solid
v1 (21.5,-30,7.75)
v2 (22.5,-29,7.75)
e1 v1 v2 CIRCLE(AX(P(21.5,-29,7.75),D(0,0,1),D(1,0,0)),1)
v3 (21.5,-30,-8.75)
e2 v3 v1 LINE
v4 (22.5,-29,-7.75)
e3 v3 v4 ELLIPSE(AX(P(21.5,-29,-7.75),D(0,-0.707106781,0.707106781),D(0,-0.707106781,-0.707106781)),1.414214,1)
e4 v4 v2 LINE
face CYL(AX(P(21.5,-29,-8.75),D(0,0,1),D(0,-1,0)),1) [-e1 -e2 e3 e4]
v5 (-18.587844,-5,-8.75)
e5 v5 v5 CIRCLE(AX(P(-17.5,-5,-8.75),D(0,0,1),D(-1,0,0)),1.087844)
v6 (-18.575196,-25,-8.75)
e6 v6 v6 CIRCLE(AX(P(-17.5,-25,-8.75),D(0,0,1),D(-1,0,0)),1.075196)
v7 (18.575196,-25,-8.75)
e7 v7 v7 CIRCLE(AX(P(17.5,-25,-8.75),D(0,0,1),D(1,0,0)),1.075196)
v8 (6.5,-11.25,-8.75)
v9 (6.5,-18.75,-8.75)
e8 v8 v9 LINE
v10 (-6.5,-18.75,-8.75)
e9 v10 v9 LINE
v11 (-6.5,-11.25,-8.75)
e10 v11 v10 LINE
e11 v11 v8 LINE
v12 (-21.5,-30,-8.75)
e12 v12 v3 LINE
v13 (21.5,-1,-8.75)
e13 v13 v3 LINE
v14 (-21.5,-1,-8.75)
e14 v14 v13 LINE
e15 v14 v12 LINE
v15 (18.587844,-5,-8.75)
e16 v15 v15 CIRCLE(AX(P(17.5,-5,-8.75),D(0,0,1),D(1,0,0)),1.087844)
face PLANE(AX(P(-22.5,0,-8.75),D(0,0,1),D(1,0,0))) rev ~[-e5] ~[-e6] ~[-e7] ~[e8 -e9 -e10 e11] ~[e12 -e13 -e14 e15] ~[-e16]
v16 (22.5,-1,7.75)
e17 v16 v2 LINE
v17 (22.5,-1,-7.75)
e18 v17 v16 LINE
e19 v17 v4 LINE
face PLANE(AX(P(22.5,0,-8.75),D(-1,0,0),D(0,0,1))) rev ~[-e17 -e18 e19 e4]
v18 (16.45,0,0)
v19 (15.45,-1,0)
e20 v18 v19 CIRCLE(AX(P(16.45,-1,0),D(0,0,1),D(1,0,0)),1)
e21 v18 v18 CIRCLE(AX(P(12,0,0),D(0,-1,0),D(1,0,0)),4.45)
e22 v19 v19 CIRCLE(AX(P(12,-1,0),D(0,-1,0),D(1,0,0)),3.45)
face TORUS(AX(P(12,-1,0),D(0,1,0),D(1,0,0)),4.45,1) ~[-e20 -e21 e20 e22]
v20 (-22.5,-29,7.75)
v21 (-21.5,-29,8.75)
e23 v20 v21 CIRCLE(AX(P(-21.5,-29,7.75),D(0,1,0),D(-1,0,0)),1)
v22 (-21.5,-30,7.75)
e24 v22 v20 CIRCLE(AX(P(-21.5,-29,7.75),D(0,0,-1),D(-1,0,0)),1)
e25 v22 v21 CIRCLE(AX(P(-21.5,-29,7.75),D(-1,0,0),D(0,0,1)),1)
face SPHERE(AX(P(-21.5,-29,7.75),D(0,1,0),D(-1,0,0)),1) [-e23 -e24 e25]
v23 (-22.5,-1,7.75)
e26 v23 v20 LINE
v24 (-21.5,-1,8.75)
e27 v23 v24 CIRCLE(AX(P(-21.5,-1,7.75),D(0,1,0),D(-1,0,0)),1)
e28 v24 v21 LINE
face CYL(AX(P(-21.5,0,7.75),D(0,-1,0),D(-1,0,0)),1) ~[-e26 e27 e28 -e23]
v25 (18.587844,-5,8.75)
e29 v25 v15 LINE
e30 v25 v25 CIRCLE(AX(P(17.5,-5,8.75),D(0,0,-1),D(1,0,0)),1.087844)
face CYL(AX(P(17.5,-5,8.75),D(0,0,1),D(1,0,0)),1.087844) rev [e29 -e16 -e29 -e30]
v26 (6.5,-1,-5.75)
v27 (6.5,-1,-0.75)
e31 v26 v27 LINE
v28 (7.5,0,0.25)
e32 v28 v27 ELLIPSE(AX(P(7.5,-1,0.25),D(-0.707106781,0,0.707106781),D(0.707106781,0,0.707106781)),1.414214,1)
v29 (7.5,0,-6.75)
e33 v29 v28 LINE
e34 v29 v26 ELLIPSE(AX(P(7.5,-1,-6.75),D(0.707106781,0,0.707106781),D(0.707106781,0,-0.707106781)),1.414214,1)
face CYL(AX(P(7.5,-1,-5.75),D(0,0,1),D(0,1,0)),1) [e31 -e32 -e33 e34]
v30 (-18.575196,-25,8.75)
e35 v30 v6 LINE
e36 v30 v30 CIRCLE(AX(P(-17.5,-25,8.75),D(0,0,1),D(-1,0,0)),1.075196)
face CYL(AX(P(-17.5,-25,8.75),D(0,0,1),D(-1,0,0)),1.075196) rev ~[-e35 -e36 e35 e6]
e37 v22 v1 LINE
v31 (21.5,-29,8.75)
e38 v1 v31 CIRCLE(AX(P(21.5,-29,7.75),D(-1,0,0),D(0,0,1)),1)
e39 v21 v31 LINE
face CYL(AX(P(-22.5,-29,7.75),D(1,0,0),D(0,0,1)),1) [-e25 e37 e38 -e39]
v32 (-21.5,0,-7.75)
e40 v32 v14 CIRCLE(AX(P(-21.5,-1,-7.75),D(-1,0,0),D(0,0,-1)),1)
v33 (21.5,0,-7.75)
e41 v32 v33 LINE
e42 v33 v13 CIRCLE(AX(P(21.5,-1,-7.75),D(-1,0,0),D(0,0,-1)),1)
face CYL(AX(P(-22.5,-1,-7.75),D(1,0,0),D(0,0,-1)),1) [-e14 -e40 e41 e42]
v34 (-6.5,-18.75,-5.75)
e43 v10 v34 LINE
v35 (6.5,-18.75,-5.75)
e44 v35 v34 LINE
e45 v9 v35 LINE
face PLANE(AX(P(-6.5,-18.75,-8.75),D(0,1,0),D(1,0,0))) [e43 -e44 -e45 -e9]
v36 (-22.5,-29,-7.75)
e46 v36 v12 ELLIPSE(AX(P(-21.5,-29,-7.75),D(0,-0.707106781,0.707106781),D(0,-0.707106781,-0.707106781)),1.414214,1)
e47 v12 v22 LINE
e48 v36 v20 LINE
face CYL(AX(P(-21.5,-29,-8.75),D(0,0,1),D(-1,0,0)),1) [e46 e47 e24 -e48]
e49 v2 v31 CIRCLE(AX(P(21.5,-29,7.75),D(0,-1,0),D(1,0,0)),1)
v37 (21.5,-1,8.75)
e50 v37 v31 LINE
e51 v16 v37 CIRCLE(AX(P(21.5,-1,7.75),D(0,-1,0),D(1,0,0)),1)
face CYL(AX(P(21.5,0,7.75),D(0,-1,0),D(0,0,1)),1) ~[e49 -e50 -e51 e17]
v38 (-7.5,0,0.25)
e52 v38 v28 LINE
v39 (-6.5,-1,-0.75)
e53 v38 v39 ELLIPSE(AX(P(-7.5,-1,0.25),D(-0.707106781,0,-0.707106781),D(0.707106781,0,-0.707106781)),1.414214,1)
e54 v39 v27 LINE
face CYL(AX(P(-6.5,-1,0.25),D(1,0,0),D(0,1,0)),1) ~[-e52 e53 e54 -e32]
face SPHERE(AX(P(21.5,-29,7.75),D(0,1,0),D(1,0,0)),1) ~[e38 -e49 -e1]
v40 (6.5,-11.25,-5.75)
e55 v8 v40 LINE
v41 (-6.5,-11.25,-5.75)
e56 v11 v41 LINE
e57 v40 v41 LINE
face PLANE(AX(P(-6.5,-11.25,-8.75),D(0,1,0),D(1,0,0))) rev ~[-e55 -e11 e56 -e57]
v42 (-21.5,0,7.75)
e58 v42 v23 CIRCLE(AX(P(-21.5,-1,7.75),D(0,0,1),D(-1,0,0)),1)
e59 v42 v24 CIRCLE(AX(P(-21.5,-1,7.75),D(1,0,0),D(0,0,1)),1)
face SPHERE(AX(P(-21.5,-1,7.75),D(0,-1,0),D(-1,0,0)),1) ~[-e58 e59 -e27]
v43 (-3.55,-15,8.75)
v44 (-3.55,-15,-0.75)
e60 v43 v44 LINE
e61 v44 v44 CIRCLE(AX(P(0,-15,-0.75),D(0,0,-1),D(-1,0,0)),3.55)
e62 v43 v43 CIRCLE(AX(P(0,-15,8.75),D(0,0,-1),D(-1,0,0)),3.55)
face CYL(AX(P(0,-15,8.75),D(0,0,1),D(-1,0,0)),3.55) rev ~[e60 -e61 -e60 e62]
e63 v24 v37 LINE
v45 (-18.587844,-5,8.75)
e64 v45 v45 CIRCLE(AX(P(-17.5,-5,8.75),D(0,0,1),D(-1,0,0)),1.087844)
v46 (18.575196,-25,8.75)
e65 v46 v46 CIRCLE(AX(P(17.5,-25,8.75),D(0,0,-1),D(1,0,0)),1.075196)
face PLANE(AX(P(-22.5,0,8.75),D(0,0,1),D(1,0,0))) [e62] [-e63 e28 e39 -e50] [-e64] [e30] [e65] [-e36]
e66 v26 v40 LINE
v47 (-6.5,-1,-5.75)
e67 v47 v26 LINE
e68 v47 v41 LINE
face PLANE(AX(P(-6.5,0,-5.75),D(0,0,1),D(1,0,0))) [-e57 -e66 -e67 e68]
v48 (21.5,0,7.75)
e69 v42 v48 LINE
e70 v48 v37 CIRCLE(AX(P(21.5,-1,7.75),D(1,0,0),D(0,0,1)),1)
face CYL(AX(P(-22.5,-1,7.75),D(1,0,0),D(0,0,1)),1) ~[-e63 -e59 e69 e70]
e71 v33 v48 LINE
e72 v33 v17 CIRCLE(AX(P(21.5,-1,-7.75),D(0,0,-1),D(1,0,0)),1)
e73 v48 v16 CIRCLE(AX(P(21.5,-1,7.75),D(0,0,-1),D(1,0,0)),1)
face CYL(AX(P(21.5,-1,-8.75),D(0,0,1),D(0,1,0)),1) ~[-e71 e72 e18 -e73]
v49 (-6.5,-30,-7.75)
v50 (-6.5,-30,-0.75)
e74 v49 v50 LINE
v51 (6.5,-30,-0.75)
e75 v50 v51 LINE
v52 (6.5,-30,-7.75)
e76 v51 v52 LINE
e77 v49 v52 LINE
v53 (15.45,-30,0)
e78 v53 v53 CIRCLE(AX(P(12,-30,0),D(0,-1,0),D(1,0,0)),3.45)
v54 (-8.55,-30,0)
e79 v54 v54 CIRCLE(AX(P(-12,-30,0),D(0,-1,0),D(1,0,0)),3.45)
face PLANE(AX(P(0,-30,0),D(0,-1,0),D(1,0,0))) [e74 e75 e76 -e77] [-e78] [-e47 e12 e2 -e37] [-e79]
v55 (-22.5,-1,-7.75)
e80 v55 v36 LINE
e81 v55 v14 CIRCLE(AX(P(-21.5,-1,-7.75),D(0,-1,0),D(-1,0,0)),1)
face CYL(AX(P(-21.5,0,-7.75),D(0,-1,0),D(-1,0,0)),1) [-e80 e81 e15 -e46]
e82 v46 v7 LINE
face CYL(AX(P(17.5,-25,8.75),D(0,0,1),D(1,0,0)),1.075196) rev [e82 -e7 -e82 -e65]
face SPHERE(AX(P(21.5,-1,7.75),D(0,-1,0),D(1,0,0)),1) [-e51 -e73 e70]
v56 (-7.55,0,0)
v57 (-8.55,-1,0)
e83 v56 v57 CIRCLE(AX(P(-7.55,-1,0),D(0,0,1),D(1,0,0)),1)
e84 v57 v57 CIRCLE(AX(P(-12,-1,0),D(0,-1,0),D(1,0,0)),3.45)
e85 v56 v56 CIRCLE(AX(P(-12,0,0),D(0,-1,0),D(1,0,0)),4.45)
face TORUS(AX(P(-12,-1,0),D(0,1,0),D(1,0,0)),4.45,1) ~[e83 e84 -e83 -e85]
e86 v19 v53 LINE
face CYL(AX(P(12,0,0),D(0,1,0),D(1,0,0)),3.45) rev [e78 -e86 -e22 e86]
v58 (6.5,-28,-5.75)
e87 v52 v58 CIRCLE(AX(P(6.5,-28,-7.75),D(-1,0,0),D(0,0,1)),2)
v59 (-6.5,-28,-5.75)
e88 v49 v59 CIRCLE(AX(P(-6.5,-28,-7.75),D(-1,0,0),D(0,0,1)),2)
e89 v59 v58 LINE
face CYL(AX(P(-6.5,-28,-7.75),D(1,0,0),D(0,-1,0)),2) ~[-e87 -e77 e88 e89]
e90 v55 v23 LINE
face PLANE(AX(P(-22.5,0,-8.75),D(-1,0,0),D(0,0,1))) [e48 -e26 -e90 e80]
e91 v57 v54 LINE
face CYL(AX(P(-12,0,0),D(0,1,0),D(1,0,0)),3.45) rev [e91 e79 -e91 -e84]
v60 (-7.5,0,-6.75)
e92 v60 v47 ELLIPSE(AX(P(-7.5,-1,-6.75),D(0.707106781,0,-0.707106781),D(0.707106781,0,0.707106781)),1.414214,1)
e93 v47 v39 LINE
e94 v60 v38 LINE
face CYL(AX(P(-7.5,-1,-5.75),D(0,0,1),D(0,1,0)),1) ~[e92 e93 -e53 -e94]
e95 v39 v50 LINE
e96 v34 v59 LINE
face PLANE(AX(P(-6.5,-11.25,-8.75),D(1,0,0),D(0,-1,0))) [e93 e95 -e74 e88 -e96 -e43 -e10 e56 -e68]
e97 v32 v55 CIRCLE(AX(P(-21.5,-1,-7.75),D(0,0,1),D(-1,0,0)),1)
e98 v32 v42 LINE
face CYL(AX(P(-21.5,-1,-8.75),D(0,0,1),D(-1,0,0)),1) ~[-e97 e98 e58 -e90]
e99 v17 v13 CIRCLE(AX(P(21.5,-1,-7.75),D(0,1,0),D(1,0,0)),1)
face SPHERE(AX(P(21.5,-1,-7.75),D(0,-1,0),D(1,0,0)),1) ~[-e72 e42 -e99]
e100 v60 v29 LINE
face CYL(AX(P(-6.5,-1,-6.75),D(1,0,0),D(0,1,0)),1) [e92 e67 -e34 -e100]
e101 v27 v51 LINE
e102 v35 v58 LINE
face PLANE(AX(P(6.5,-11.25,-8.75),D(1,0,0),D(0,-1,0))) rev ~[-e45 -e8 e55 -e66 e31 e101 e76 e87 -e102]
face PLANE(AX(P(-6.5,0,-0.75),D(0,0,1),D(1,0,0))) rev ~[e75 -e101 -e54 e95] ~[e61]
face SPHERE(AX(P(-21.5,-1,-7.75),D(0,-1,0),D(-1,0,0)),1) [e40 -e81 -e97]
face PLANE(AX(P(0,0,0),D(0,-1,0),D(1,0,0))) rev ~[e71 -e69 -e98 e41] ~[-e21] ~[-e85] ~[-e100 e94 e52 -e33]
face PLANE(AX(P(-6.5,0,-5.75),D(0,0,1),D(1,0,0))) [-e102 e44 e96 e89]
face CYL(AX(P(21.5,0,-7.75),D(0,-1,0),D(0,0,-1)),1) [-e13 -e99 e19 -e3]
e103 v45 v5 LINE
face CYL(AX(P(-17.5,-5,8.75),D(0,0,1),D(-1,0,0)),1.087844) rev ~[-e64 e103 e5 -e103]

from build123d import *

# Parameters (mm, degrees)
SKETCH_W        = 45
SKETCH_H        = 17.5
SKETCH_R        = 3.45
SKETCH_W_2      = 13
SKETCH_H_2      = 5
PAD_DEPTH       = 30
SKETCH001_R     = 3.55
SKETCH001_R_2   = 1.075196
SKETCH001_R_3   = 1.087844
POCKET_DEPTH    = 131.18917
SKETCH002_W     = 13
SKETCH002_H     = 7.5
POCKET001_DEPTH = 5
FILLET_R        = 1
FILLET001_R     = 2


with BuildPart() as part:
    # Sketch → Pad (new body)
    with BuildSketch(Plane.XZ):
        Rectangle(SKETCH_W, SKETCH_H)
        with Locations((-12, 0)):
            Circle(SKETCH_R, mode=Mode.SUBTRACT)
        with Locations((12, 0)):
            Circle(SKETCH_R, mode=Mode.SUBTRACT)
        with Locations((0, -3.25)):
            Rectangle(SKETCH_W_2, SKETCH_H_2, mode=Mode.SUBTRACT)
    extrude(amount=PAD_DEPTH)

    # Sketch001 (on DatumPlane) → Pocket (cut, through all)
    with BuildSketch(Plane(origin=(0, 0, 8.75), x_dir=(-1, 0, 0), z_dir=(0, 0, 1))):
        with Locations((0, 15)):
            Circle(SKETCH001_R)
        with Locations((17.5, 25)):
            Circle(SKETCH001_R_2)
        with Locations((17.5, 5)):
            Circle(SKETCH001_R_3)
    pocket = extrude(amount=-POCKET_DEPTH, mode=Mode.SUBTRACT)

    # Mirrored: Pocket across Sketch001 V_Axis
    add(pocket.mirror(Plane(origin=(0, 0, 8.75), x_dir=(0, 0, 1), z_dir=(-1, 0, 0))), mode=Mode.SUBTRACT)

    # Sketch002 (on Face1 of Mirrored) → Pocket001 (cut)
    with BuildSketch(Plane(origin=(0, 0, -8.75), x_dir=(1, 0, 0), z_dir=(0, 0, -1))):
        with Locations((0, 15)):
            Rectangle(SKETCH002_W, SKETCH002_H)
    extrude(amount=-POCKET001_DEPTH, mode=Mode.SUBTRACT)

    # Fillet
    fillet_edges = [part.edges().sort_by_distance(p)[0] for p in [
        (-22.5, -15, 8.75),
        (-22.5, -15, -8.75),
        (-22.5, 0, 0),
        (-22.5, -30, 0),
        (22.5, -15, -8.75),
        (22.5, -15, 8.75),
        (22.5, 0, 0),
        (22.5, -30, 0),
        (0, 0, -8.75),
        (0, 0, 8.75),
        (0, 0, -5.75),
        (6.5, 0, -3.25),
        (0, 0, -0.75),
        (-6.5, 0, -3.25),
        (8.55, 0, 0),
        (-15.45, 0, 0),
        (0, -30, 8.75),
    ]]
    fillet(fillet_edges, radius=FILLET_R)

    # Fillet001
    fillet001_edges = [part.edges().sort_by_distance(p)[0] for p in [
        (0, -30, -5.75),
    ]]
    fillet(fillet001_edges, radius=FILLET001_R)


solid = part.part
